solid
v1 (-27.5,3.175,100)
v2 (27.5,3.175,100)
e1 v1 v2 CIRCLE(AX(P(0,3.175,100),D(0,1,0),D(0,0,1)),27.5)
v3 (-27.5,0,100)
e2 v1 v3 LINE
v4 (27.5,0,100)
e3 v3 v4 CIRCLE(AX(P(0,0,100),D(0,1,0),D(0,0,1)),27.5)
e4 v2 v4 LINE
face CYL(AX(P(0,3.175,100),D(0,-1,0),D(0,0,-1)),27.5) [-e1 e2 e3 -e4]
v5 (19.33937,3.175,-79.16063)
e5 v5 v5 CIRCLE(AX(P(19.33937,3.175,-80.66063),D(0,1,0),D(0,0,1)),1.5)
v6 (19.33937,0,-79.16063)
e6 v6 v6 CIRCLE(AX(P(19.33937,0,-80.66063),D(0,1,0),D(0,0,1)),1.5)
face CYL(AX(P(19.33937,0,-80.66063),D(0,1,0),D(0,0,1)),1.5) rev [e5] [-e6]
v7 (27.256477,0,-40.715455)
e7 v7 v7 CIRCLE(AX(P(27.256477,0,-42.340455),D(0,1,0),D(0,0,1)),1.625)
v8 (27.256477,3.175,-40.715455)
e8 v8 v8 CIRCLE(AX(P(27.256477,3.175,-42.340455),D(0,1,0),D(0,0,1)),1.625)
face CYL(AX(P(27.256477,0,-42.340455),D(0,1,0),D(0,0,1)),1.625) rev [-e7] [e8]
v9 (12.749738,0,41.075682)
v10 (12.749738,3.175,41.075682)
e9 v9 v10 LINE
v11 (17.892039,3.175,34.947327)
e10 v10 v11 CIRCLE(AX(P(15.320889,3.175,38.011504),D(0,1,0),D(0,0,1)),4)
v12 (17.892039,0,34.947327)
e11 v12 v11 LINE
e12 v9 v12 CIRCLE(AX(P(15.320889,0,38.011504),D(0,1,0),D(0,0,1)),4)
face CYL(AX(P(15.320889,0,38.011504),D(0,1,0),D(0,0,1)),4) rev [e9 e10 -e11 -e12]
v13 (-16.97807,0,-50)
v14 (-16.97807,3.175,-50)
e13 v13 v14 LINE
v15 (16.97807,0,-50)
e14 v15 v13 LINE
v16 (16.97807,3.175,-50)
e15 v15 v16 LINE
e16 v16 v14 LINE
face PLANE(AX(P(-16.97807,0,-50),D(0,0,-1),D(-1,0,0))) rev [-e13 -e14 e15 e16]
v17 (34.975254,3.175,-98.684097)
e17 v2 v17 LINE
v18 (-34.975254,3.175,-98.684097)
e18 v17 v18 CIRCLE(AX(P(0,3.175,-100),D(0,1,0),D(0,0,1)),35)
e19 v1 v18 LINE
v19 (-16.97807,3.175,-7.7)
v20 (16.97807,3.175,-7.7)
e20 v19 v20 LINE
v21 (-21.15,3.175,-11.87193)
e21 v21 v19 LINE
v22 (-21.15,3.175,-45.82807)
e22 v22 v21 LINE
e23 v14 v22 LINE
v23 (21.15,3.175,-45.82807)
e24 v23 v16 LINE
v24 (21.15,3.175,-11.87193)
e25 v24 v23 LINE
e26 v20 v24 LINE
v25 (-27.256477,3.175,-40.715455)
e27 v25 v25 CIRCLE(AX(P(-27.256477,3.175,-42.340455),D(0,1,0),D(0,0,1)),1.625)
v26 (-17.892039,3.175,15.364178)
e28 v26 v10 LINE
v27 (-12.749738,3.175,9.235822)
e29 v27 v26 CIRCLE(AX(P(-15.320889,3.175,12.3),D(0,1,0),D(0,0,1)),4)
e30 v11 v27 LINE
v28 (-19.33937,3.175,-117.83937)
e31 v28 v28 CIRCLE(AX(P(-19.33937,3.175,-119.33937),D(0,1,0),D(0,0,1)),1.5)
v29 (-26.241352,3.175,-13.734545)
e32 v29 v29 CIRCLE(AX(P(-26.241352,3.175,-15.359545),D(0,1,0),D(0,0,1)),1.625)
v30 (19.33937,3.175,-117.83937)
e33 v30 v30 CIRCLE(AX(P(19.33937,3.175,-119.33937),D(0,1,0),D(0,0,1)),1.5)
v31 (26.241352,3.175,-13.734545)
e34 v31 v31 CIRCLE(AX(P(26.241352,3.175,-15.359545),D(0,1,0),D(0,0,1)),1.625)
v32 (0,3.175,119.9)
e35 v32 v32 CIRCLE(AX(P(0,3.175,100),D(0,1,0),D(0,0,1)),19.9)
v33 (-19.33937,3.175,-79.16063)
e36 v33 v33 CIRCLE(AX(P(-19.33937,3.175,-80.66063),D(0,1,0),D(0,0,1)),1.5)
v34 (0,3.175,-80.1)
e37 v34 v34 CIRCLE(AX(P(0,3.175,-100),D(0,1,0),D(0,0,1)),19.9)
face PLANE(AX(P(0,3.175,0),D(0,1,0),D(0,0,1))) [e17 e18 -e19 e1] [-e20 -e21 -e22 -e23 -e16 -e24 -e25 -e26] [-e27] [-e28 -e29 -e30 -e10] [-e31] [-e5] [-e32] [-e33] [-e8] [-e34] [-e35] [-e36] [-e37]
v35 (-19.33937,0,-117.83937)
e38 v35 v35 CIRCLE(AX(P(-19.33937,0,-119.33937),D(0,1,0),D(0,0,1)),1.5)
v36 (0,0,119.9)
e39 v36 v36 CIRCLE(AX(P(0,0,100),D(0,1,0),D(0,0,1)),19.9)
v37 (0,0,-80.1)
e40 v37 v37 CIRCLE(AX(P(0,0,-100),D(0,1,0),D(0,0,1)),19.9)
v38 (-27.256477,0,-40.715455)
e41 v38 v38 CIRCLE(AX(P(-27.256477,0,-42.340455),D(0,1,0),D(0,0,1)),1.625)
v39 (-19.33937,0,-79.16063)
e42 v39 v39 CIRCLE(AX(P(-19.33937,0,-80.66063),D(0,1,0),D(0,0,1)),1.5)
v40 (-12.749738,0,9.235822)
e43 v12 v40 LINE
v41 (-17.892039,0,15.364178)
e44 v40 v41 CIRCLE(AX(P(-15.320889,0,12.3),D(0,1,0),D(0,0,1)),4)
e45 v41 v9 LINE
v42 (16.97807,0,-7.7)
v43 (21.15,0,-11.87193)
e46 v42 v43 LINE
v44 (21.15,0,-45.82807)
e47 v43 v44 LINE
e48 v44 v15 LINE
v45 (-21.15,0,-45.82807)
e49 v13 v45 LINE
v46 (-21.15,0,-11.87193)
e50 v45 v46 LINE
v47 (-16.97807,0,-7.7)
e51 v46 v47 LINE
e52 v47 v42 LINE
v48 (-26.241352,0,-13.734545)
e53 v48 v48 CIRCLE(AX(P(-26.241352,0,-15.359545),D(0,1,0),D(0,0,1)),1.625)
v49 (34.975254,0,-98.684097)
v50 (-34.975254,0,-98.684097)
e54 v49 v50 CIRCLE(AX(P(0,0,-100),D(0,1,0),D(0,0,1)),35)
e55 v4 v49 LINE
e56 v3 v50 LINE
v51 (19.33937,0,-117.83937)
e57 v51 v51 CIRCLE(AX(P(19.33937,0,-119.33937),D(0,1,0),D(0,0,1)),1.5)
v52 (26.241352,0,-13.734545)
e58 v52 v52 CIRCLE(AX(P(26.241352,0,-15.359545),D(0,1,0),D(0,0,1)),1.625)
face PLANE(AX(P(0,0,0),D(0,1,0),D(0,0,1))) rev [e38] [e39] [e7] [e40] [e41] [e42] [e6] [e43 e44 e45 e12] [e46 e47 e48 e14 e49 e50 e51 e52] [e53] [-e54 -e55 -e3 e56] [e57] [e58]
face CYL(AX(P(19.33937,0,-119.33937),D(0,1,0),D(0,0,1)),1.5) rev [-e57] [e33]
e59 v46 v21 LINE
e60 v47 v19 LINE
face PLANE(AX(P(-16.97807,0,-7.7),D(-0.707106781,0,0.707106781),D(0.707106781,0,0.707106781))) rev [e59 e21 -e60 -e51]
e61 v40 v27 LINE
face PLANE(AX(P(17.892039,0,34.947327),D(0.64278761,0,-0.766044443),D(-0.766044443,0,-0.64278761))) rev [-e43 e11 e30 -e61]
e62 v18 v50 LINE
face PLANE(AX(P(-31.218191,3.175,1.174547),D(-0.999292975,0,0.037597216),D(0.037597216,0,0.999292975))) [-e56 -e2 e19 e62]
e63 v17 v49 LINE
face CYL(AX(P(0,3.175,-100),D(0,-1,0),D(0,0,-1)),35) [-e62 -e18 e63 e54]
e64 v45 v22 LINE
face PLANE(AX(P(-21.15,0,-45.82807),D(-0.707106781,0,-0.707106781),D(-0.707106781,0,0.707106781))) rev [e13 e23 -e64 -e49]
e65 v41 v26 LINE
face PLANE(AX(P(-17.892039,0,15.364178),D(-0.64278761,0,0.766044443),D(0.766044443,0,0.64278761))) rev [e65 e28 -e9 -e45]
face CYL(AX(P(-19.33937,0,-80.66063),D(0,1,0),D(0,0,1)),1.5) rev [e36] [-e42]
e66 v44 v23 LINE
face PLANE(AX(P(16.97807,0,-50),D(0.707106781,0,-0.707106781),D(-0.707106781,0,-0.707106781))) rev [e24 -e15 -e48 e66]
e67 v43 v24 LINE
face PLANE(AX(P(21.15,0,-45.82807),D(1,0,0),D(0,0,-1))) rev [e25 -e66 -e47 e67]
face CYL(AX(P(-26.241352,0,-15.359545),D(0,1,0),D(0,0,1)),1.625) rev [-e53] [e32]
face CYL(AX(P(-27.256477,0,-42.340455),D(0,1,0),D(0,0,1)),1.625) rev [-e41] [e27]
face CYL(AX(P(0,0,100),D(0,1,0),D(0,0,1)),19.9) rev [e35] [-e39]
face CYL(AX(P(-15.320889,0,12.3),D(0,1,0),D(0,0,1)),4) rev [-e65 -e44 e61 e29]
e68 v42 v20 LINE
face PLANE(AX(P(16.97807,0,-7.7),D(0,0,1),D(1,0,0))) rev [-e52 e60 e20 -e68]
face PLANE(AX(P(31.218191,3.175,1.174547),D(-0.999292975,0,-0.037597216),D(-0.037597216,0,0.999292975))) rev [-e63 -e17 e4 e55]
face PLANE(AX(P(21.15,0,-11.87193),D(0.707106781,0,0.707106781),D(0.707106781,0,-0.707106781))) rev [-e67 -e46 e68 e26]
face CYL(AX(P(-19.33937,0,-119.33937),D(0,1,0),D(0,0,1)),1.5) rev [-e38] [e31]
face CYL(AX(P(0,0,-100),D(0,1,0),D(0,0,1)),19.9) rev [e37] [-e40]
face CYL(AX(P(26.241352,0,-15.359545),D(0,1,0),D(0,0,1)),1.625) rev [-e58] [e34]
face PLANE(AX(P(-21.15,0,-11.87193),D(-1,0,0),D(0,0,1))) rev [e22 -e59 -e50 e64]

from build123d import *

# Parameters (mm, degrees)
BOSS_EXTRUDE1_DEPTH     = 3.175
SKETCH2_R               = 19.9
CUT_EXTRUDE1_DEPTH      = 140.49939292
ESQUISSE2_R             = 1.5
ENL_V_MAT_EXTRU_1_DEPTH = 140.49939292
SKETCH5_R               = 1.625
CUT_EXTRUDE3_DEPTH      = 140.49939292
CUT_EXTRUDE4_DEPTH      = 140.49939292


with BuildPart() as part:
    # Sketch1 → Boss-Extrude1 (new body)
    with BuildSketch(Plane(origin=(0, 0, 0), x_dir=(1, 0, 0), z_dir=(0, 1, 0))):
        with BuildLine():
            Line((-27.5, -100), (-34.975254116, 98.684097441))
            ThreePointArc((-34.975254116, 98.684097441), (0, 135), (34.975254116, 98.684097441))
            Line((34.975254116, 98.684097441), (27.5, -100))
            ThreePointArc((27.5, -100), (0, -127.5), (-27.5, -100))
        make_face()
    extrude(amount=BOSS_EXTRUDE1_DEPTH)

    # Sketch2 → Cut-Extrude1 (cut, through all)
    with BuildSketch(Plane(origin=(0, 3.175, 0), x_dir=(1, 0, 0), z_dir=(0, 1, 0))):
        with Locations(Location((0, -100, 0), (0, 0, 270))):
            Circle(SKETCH2_R)
        with Locations(Location((0, 100, 0), (0, 0, 270))):
            Circle(SKETCH2_R)
    extrude(amount=-CUT_EXTRUDE1_DEPTH, mode=Mode.SUBTRACT)

    # Esquisse2 → Enlèv. mat.-Extru.1 (cut, through all)
    with BuildSketch(Plane(origin=(0, 3.175, 0), x_dir=(1, 0, 0), z_dir=(0, 1, 0))):
        with Locations(Location((19.339370465, 80.660629535, 0), (0, 0, 270))):
            Circle(ESQUISSE2_R)
        with Locations(Location((19.339370465, 119.339370465, 0), (0, 0, 270))):
            Circle(ESQUISSE2_R)
        with Locations(Location((-19.339370465, 119.339370465, 0), (0, 0, 270))):
            Circle(ESQUISSE2_R)
        with Locations(Location((-19.339370465, 80.660629535, 0), (0, 0, 270))):
            Circle(ESQUISSE2_R)
    extrude(amount=-ENL_V_MAT_EXTRU_1_DEPTH, mode=Mode.SUBTRACT)

    # Sketch5 → Cut-Extrude3 (cut, through all)
    with BuildSketch(Plane(origin=(0, 3.175, 0), x_dir=(1, 0, 0), z_dir=(0, 1, 0))):
        with Locations(Location((-27.256476824, 42.340455159, 0), (0, 0, 270))):
            Circle(SKETCH5_R)
        with Locations(Location((-26.241351992, 15.359544841, 0), (0, 0, 270))):
            Circle(SKETCH5_R)
        with Locations(Location((26.241351992, 15.359544841, 0), (0, 0, 270))):
            Circle(SKETCH5_R)
        with Locations(Location((27.256476824, 42.340455159, 0), (0, 0, 270))):
            Circle(SKETCH5_R)
        Polygon((-21.15, 45.828069991), (-16.978069991, 50), (16.978069991, 50), (21.15, 45.828069991), (21.15, 11.871930009), (16.978069991, 7.7), (-16.978069991, 7.7), (-21.15, 11.871930009), align=None)
    extrude(amount=-CUT_EXTRUDE3_DEPTH, mode=Mode.SUBTRACT)

    # Sketch7 → Cut-Extrude4 (cut, through all)
    with BuildSketch(Plane(origin=(0, 3.175, 0), x_dir=(1, 0, 0), z_dir=(0, 1, 0))):
        with BuildLine():
            Line((17.892039301, -34.947326615), (-12.749738424, -9.235822228))
            ThreePointArc((-12.749738424, -9.235822228), (-18.385066635, -9.728849561), (-17.892039301, -15.364177772))
            Line((-17.892039301, -15.364177772), (12.749738424, -41.07568216))
            ThreePointArc((12.749738424, -41.07568216), (18.385066635, -40.582654826), (17.892039301, -34.947326615))
        make_face()
    extrude(amount=-CUT_EXTRUDE4_DEPTH, mode=Mode.SUBTRACT)


solid = part.part
